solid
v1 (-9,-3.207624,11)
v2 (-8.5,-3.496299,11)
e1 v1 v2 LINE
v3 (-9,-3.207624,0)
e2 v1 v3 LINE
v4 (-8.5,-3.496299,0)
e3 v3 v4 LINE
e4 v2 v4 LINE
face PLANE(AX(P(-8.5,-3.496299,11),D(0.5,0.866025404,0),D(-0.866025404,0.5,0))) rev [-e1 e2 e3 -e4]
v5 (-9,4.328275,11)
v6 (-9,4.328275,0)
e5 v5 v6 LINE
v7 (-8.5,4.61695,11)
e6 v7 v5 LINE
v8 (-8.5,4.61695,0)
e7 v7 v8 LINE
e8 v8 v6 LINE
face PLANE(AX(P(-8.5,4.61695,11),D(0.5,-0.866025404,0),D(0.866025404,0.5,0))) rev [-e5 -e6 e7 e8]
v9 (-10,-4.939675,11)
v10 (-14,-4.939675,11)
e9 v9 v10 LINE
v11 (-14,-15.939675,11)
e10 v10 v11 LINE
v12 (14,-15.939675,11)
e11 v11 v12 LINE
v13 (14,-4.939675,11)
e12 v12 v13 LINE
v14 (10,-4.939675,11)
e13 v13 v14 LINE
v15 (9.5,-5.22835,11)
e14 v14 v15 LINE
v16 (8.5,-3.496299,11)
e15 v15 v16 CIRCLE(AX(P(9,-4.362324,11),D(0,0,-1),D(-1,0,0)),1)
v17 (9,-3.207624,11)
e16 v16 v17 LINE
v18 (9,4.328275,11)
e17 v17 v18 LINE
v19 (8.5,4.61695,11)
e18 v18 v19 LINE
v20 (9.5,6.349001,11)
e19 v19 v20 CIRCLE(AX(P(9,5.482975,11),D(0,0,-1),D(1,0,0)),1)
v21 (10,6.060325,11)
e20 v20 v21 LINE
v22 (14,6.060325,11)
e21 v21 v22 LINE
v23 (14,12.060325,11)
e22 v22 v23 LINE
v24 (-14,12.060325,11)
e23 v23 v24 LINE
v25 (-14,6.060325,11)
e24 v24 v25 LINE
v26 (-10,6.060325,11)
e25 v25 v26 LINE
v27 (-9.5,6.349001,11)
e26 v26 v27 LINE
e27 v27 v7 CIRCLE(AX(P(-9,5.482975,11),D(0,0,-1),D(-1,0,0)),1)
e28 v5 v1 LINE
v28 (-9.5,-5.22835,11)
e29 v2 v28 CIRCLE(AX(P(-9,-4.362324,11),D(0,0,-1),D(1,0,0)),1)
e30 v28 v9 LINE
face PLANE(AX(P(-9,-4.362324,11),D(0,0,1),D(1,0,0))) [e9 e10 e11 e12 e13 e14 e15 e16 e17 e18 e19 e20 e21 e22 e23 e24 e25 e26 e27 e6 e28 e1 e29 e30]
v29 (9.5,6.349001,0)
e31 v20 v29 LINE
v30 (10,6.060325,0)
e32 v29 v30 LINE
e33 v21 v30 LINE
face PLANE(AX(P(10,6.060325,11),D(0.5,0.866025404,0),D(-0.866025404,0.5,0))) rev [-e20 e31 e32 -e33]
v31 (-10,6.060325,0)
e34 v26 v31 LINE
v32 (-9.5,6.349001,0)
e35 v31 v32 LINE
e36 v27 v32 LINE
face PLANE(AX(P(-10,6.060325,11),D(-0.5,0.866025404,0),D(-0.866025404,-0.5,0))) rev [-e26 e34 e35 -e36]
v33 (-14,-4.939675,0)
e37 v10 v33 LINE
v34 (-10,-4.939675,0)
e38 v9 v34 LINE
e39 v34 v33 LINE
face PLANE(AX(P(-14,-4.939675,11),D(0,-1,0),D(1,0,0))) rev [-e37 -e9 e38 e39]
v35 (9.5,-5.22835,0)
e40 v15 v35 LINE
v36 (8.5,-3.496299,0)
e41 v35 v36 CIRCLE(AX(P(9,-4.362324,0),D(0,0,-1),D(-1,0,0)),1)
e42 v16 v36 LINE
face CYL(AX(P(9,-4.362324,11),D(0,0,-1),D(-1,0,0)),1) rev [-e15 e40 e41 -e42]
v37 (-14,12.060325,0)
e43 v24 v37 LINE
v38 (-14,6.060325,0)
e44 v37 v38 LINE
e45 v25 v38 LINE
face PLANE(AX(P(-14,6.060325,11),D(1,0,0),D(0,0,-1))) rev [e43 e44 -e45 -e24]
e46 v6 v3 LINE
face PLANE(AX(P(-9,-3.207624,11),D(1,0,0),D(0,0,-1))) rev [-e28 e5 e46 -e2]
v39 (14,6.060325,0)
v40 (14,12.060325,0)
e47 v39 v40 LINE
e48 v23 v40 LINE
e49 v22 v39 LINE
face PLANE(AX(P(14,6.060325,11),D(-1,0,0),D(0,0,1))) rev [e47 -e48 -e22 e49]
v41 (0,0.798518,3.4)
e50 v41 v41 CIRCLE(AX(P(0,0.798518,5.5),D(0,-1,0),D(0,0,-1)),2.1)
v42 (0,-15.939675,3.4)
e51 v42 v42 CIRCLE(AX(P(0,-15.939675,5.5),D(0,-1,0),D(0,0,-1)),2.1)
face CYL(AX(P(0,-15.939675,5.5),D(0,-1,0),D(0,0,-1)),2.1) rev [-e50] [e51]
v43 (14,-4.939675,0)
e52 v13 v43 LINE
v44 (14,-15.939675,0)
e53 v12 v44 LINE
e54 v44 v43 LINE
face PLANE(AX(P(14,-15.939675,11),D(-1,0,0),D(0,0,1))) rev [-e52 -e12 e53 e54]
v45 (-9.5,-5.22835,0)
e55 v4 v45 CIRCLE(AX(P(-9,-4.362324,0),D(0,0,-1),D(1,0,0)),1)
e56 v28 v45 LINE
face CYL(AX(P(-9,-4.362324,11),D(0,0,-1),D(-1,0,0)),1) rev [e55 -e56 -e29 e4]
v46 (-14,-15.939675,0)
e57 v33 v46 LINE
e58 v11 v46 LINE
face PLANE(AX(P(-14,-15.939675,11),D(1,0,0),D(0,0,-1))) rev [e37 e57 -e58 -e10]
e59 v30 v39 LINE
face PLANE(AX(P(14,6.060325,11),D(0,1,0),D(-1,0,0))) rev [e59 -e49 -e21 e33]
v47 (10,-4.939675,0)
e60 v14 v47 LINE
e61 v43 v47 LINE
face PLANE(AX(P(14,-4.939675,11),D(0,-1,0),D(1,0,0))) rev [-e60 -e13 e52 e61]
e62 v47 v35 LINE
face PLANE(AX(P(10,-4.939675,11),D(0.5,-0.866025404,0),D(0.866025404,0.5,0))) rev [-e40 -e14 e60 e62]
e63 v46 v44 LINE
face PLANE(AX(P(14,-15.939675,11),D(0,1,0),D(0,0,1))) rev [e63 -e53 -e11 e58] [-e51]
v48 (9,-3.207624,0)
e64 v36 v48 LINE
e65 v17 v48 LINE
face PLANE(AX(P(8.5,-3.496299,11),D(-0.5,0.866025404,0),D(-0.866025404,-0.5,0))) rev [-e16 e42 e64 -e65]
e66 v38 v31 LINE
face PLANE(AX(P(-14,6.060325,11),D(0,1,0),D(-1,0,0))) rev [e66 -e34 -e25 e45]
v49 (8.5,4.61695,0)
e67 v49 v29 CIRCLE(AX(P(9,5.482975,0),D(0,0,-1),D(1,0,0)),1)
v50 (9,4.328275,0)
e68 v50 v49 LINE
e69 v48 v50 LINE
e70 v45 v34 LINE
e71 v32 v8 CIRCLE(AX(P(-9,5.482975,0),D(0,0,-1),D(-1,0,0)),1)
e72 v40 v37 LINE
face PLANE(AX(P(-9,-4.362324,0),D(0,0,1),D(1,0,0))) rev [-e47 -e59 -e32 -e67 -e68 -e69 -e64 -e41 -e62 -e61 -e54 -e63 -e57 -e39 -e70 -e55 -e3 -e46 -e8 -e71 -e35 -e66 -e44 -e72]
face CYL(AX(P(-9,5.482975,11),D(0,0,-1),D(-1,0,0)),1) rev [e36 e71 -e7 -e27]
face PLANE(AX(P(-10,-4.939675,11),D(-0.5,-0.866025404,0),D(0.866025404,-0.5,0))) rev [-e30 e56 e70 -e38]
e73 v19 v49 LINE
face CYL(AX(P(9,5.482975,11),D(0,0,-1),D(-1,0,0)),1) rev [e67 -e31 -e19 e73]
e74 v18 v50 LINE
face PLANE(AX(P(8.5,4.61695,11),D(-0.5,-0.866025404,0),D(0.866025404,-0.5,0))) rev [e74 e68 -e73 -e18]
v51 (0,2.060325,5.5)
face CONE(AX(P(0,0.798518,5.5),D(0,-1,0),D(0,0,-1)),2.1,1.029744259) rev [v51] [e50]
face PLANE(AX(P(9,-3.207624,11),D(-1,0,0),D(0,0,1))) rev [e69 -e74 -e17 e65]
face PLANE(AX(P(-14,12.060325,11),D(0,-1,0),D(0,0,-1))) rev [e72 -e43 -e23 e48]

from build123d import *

# Parameters (mm, degrees)
BOSS_EXTRUDE1_DEPTH   = 11
M5_TAPPED_HOLE1_D     = 4.2
M5_TAPPED_HOLE1_DEPTH = 16.7381927
M5_TAPPED_HOLE1_TIP   = 1.2618073


with BuildPart() as part:
    # Sketch1 → Boss-Extrude1 (new body)
    with BuildSketch(Plane.XY):
        with BuildLine():
            Line((14, -15.93967455), (-14, -15.93967455))
            Line((-14, -15.93967455), (-14, -4.93967455))
            Line((-14, -4.93967455), (-10, -4.93967455))
            Line((-10, -4.93967455), (-9.5, -5.228349685))
            ThreePointArc((-9.5, -5.228349685), (-8.133974596, -4.862324281), (-8.5, -3.496298877))
            Line((-8.5, -3.496298877), (-9, -3.207623743))
            Line((-9, -3.207623743), (-9, 4.328274642))
            Line((-9, 4.328274642), (-8.5, 4.616949777))
            ThreePointArc((-8.5, 4.616949777), (-8.133974596, 5.982975181), (-9.5, 6.349000584))
            Line((-9.5, 6.349000584), (-10, 6.06032545))
            Line((-10, 6.06032545), (-14, 6.06032545))
            Line((-14, 6.06032545), (-14, 12.06032545))
            Line((-14, 12.06032545), (14, 12.06032545))
            Line((14, 12.06032545), (14, 6.06032545))
            Line((14, 6.06032545), (10, 6.06032545))
            Line((10, 6.06032545), (9.5, 6.349000584))
            ThreePointArc((9.5, 6.349000584), (8.133974596, 5.982975181), (8.5, 4.616949777))
            Line((8.5, 4.616949777), (9, 4.328274642))
            Line((9, 4.328274642), (9, -3.207623743))
            Line((9, -3.207623743), (8.5, -3.496298877))
            ThreePointArc((8.5, -3.496298877), (8.133974596, -4.862324281), (9.5, -5.228349685))
            Line((9.5, -5.228349685), (10, -4.93967455))
            Line((10, -4.93967455), (14, -4.93967455))
            Line((14, -4.93967455), (14, -15.93967455))
        make_face()
    extrude(amount=BOSS_EXTRUDE1_DEPTH)

    # M5 Tapped Hole1
    with Locations(Plane(origin=(0, -15.93967455, 0), x_dir=(-1, 0, 0), z_dir=(0, -1, 0))):
        with Locations((0, -5.5)):
            Hole(M5_TAPPED_HOLE1_D / 2, depth=M5_TAPPED_HOLE1_DEPTH)
            with Locations((0, 0, -(M5_TAPPED_HOLE1_DEPTH + M5_TAPPED_HOLE1_TIP / 2))):  # 118° drill point
                Cone(0, M5_TAPPED_HOLE1_D / 2, M5_TAPPED_HOLE1_TIP, mode=Mode.SUBTRACT)


solid = part.part
